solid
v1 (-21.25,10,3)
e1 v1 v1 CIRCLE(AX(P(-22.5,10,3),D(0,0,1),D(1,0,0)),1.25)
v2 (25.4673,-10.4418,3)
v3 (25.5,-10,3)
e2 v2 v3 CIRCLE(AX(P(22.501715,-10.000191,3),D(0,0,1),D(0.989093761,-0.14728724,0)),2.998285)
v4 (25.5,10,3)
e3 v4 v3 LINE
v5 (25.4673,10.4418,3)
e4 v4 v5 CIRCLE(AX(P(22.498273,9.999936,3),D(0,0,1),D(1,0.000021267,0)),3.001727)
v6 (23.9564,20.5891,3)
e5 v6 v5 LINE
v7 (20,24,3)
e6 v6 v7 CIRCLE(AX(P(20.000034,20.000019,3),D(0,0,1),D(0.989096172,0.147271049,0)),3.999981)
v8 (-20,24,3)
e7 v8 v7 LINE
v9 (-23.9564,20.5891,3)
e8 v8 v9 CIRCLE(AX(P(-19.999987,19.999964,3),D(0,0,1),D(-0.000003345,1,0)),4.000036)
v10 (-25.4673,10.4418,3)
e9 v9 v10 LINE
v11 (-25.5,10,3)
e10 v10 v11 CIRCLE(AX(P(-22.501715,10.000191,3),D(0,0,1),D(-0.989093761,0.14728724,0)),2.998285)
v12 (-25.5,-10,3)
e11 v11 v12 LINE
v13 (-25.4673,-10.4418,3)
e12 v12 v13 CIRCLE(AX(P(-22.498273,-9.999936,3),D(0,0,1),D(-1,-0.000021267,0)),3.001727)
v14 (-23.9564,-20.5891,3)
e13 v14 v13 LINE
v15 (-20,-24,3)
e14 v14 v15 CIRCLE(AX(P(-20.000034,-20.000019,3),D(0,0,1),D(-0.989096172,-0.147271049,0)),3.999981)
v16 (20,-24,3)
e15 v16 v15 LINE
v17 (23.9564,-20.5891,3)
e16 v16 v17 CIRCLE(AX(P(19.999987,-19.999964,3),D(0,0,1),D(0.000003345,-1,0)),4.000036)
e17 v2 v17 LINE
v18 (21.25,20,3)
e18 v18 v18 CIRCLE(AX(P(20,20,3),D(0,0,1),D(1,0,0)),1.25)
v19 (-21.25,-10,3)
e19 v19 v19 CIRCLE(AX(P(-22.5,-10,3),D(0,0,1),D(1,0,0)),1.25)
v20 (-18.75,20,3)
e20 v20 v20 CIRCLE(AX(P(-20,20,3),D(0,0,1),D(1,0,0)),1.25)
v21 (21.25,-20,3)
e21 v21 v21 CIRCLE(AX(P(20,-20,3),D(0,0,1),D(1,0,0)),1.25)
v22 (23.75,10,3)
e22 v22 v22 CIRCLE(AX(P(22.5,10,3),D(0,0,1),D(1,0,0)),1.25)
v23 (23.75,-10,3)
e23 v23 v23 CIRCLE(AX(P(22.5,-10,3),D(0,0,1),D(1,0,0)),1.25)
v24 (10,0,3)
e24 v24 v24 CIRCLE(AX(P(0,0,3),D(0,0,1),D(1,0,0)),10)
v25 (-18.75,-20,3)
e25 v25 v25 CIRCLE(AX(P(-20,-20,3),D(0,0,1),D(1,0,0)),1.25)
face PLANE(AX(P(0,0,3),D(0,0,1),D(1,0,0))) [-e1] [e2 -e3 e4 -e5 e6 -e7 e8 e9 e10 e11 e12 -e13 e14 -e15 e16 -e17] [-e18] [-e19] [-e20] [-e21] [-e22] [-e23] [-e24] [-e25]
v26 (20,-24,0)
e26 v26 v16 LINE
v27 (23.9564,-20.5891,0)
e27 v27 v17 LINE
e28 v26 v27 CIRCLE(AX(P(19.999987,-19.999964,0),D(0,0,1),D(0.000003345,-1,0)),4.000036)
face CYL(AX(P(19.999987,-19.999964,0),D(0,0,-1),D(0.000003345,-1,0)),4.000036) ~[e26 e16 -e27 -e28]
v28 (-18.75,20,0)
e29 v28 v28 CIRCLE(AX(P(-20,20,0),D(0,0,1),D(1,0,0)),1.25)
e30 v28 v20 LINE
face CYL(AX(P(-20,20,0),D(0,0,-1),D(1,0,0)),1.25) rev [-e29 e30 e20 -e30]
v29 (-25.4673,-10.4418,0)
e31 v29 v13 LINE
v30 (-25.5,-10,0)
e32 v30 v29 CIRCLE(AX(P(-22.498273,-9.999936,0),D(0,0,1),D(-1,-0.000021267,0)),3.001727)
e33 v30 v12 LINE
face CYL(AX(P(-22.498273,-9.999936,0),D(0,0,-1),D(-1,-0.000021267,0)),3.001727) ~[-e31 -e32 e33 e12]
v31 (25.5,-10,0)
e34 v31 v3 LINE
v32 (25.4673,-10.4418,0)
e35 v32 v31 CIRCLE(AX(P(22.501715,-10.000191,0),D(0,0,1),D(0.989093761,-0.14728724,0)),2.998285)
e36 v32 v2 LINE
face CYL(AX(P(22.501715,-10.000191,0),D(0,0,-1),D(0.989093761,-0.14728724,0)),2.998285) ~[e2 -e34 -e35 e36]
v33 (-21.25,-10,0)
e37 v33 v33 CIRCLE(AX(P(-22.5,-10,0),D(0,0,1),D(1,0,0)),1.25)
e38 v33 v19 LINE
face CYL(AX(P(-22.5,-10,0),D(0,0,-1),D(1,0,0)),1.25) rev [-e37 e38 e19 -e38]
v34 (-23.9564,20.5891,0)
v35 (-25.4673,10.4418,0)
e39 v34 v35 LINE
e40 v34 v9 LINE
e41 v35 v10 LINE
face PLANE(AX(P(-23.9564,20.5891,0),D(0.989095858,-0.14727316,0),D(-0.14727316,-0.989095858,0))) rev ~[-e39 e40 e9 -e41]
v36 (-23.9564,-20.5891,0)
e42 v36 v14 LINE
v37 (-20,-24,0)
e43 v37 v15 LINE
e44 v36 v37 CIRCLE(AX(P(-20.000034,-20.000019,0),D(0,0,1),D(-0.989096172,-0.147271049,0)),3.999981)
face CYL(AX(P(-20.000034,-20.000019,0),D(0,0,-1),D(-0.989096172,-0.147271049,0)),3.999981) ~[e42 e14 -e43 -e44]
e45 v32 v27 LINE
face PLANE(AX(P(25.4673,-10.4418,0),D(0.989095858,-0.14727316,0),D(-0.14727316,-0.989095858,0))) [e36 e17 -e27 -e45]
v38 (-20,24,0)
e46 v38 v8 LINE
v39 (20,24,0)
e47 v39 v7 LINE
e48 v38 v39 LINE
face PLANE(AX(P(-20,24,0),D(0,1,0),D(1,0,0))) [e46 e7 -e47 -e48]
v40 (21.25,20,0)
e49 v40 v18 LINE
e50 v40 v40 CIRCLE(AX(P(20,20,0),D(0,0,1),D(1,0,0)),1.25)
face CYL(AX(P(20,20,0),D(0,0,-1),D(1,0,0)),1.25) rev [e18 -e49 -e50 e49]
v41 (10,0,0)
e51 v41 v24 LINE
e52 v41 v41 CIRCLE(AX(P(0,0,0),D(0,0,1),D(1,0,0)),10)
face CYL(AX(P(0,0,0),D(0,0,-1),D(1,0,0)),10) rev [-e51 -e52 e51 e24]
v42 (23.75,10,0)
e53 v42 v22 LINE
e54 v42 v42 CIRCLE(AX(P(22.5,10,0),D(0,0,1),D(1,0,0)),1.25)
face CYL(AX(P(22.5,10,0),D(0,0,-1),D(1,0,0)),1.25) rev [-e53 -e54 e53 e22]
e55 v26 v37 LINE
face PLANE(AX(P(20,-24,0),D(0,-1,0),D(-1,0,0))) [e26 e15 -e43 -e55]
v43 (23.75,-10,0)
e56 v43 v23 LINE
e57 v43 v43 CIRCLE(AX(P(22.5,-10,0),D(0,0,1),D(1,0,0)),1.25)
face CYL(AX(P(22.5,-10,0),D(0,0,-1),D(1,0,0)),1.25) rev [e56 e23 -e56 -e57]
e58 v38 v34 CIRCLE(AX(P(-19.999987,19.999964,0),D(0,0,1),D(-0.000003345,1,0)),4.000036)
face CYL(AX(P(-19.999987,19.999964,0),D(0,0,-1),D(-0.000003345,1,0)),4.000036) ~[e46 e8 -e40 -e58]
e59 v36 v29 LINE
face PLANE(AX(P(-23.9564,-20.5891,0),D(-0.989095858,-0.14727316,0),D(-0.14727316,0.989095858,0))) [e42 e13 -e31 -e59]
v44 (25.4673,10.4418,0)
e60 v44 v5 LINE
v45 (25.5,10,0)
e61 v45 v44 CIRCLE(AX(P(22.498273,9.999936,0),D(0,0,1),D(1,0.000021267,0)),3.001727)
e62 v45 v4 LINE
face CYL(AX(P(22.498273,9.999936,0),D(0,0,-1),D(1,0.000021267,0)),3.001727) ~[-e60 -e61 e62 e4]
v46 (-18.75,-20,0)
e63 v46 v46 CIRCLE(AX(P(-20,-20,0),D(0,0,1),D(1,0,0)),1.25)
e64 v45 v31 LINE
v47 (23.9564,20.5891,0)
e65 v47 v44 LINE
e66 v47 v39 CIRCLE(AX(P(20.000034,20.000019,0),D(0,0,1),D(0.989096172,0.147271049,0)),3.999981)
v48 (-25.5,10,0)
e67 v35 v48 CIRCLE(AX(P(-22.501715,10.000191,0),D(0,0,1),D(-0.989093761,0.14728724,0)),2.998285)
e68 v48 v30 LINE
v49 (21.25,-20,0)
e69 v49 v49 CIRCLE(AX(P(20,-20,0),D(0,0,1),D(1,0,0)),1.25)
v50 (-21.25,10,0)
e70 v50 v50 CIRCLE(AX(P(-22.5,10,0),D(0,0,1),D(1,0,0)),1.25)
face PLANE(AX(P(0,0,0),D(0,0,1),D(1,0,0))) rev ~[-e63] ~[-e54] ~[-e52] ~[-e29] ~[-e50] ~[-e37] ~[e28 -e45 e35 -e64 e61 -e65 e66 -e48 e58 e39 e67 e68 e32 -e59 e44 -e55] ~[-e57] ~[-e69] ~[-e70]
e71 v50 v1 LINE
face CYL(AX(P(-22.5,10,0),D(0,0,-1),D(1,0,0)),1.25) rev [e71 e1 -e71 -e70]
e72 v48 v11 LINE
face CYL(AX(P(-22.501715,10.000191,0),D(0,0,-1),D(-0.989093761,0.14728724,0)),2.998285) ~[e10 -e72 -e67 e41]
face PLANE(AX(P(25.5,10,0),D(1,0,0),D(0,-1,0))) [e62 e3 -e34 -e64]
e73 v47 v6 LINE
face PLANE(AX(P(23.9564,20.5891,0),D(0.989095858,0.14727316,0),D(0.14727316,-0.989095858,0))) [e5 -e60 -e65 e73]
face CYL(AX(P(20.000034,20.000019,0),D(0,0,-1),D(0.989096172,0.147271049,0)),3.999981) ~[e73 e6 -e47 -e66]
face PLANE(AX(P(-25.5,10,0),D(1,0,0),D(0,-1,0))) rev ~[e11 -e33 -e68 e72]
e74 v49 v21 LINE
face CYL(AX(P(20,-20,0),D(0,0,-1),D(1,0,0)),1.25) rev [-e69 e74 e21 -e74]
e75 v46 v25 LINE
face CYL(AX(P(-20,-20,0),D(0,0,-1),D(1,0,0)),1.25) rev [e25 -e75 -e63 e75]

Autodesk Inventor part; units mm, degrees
ref_plane "YZ Plane" through (0, 0, 0) normal (1, 0, 0) x (0, 1, 0)
ref_plane "XZ Plane" through (0, 0, 0) normal (0, 1, 0) x (-1, 0, 0)
ref_plane "XY Plane" through (0, 0, 0) normal (0, 0, 1) x (1, 0, 0)
sketch "スケッチ1" plane through (0, 0, 0) normal (0, 0, 1) x (1, 0, 0)
  circle A0 centre (0, 0) radius 10
  line L0 (22.5, 10) -> (-22.5, 10) construction
  line L1 (-22.5, 10) -> (-22.5, -10) construction
  line L2 (-22.5, -10) -> (22.5, -10) construction
  line L3 (22.5, -10) -> (22.5, 10) construction
  line L4 (22.5, 10) -> (-22.5, -10) construction
  line L5 (-22.5, 10) -> (22.5, -10) construction
  circle A1 centre (-22.5, 10) radius 1.25
  circle A2 centre (-22.5, -10) radius 1.25
  circle A3 centre (22.5, 10) radius 1.25
  circle A4 centre (22.5, -10) radius 1.25
  circle A5 centre (0, 0) radius 25 construction
  line L6 (20, 20) -> (-20, 20) construction
  line L7 (-20, 20) -> (-20, -20) construction
  line L8 (-20, -20) -> (20, -20) construction
  line L9 (20, -20) -> (20, 20) construction
  line L10 (20, 20) -> (-20, -20) construction
  line L11 (-20, 20) -> (20, -20) construction
  circle A6 centre (-20, 20) radius 1.25
  circle A7 centre (20, 20) radius 1.25
  circle A8 centre (20, -20) radius 1.25
  circle A9 centre (-20, -20) radius 1.25
  arc A10 (-20, 24) -> (-23.9564, 20.5891) centre (-20, 20) ccw
  arc A11 (-25.4673, 10.4418) -> (-25.5, 10) centre (-22.5, 10) ccw
  arc A12 (-25.5, -10) -> (-25.4673, -10.4418) centre (-22.5, -10) ccw
  arc A13 (-23.9564, -20.5891) -> (-20, -24) centre (-20, -20) ccw
  arc A14 (20, -24) -> (23.9564, -20.5891) centre (20, -20) ccw
  arc A15 (25.4673, -10.4418) -> (25.5, -10) centre (22.5, -10) ccw
  arc A16 (25.5, 10) -> (25.4673, 10.4418) centre (22.5, 10) ccw
  arc A17 (23.9564, 20.5891) -> (20, 24) centre (20, 20) ccw
  line L12 (-23.9564, 20.5891) -> (-25.4673, 10.4418)
  line L13 (-20, 24) -> (20, 24)
  line L14 (23.9564, 20.5891) -> (25.4673, 10.4418)
  line L15 (25.5, 10) -> (25.5, -10)
  line L16 (25.4673, -10.4418) -> (23.9564, -20.5891)
  line L17 (20, -24) -> (-20, -24)
  line L18 (-23.9564, -20.5891) -> (-25.4673, -10.4418)
  line L19 (-25.5, 10) -> (-25.5, -10)
  dimension "d0" = 20
  dimension "d1" = 45
  dimension "d2" = 20
  dimension "d3" = 2.5
  dimension "d4" = 2.5
  dimension "d5" = 2.5
  dimension "d6" = 2.5
  dimension "d7" = 50
  dimension "d8" = 40
  dimension "d9" = 40
  dimension "d10" = 2.5
  dimension "d11" = 2.5
  dimension "d12" = 2.5
  dimension "d13" = 2.5
  dimension "d14" = 4
  dimension "d15" = 4
  dimension "d16" = 3
  dimension "d17" = 3
  dimension "d18" = 4
  dimension "d19" = 4
  dimension "d20" = 3
  dimension "d21" = 3
extrude "押し出し1" add sketch "スケッチ1" along normal blind 3
properties part number "関節3_775側_プーリ側板" material "アルミニウム 6061"
